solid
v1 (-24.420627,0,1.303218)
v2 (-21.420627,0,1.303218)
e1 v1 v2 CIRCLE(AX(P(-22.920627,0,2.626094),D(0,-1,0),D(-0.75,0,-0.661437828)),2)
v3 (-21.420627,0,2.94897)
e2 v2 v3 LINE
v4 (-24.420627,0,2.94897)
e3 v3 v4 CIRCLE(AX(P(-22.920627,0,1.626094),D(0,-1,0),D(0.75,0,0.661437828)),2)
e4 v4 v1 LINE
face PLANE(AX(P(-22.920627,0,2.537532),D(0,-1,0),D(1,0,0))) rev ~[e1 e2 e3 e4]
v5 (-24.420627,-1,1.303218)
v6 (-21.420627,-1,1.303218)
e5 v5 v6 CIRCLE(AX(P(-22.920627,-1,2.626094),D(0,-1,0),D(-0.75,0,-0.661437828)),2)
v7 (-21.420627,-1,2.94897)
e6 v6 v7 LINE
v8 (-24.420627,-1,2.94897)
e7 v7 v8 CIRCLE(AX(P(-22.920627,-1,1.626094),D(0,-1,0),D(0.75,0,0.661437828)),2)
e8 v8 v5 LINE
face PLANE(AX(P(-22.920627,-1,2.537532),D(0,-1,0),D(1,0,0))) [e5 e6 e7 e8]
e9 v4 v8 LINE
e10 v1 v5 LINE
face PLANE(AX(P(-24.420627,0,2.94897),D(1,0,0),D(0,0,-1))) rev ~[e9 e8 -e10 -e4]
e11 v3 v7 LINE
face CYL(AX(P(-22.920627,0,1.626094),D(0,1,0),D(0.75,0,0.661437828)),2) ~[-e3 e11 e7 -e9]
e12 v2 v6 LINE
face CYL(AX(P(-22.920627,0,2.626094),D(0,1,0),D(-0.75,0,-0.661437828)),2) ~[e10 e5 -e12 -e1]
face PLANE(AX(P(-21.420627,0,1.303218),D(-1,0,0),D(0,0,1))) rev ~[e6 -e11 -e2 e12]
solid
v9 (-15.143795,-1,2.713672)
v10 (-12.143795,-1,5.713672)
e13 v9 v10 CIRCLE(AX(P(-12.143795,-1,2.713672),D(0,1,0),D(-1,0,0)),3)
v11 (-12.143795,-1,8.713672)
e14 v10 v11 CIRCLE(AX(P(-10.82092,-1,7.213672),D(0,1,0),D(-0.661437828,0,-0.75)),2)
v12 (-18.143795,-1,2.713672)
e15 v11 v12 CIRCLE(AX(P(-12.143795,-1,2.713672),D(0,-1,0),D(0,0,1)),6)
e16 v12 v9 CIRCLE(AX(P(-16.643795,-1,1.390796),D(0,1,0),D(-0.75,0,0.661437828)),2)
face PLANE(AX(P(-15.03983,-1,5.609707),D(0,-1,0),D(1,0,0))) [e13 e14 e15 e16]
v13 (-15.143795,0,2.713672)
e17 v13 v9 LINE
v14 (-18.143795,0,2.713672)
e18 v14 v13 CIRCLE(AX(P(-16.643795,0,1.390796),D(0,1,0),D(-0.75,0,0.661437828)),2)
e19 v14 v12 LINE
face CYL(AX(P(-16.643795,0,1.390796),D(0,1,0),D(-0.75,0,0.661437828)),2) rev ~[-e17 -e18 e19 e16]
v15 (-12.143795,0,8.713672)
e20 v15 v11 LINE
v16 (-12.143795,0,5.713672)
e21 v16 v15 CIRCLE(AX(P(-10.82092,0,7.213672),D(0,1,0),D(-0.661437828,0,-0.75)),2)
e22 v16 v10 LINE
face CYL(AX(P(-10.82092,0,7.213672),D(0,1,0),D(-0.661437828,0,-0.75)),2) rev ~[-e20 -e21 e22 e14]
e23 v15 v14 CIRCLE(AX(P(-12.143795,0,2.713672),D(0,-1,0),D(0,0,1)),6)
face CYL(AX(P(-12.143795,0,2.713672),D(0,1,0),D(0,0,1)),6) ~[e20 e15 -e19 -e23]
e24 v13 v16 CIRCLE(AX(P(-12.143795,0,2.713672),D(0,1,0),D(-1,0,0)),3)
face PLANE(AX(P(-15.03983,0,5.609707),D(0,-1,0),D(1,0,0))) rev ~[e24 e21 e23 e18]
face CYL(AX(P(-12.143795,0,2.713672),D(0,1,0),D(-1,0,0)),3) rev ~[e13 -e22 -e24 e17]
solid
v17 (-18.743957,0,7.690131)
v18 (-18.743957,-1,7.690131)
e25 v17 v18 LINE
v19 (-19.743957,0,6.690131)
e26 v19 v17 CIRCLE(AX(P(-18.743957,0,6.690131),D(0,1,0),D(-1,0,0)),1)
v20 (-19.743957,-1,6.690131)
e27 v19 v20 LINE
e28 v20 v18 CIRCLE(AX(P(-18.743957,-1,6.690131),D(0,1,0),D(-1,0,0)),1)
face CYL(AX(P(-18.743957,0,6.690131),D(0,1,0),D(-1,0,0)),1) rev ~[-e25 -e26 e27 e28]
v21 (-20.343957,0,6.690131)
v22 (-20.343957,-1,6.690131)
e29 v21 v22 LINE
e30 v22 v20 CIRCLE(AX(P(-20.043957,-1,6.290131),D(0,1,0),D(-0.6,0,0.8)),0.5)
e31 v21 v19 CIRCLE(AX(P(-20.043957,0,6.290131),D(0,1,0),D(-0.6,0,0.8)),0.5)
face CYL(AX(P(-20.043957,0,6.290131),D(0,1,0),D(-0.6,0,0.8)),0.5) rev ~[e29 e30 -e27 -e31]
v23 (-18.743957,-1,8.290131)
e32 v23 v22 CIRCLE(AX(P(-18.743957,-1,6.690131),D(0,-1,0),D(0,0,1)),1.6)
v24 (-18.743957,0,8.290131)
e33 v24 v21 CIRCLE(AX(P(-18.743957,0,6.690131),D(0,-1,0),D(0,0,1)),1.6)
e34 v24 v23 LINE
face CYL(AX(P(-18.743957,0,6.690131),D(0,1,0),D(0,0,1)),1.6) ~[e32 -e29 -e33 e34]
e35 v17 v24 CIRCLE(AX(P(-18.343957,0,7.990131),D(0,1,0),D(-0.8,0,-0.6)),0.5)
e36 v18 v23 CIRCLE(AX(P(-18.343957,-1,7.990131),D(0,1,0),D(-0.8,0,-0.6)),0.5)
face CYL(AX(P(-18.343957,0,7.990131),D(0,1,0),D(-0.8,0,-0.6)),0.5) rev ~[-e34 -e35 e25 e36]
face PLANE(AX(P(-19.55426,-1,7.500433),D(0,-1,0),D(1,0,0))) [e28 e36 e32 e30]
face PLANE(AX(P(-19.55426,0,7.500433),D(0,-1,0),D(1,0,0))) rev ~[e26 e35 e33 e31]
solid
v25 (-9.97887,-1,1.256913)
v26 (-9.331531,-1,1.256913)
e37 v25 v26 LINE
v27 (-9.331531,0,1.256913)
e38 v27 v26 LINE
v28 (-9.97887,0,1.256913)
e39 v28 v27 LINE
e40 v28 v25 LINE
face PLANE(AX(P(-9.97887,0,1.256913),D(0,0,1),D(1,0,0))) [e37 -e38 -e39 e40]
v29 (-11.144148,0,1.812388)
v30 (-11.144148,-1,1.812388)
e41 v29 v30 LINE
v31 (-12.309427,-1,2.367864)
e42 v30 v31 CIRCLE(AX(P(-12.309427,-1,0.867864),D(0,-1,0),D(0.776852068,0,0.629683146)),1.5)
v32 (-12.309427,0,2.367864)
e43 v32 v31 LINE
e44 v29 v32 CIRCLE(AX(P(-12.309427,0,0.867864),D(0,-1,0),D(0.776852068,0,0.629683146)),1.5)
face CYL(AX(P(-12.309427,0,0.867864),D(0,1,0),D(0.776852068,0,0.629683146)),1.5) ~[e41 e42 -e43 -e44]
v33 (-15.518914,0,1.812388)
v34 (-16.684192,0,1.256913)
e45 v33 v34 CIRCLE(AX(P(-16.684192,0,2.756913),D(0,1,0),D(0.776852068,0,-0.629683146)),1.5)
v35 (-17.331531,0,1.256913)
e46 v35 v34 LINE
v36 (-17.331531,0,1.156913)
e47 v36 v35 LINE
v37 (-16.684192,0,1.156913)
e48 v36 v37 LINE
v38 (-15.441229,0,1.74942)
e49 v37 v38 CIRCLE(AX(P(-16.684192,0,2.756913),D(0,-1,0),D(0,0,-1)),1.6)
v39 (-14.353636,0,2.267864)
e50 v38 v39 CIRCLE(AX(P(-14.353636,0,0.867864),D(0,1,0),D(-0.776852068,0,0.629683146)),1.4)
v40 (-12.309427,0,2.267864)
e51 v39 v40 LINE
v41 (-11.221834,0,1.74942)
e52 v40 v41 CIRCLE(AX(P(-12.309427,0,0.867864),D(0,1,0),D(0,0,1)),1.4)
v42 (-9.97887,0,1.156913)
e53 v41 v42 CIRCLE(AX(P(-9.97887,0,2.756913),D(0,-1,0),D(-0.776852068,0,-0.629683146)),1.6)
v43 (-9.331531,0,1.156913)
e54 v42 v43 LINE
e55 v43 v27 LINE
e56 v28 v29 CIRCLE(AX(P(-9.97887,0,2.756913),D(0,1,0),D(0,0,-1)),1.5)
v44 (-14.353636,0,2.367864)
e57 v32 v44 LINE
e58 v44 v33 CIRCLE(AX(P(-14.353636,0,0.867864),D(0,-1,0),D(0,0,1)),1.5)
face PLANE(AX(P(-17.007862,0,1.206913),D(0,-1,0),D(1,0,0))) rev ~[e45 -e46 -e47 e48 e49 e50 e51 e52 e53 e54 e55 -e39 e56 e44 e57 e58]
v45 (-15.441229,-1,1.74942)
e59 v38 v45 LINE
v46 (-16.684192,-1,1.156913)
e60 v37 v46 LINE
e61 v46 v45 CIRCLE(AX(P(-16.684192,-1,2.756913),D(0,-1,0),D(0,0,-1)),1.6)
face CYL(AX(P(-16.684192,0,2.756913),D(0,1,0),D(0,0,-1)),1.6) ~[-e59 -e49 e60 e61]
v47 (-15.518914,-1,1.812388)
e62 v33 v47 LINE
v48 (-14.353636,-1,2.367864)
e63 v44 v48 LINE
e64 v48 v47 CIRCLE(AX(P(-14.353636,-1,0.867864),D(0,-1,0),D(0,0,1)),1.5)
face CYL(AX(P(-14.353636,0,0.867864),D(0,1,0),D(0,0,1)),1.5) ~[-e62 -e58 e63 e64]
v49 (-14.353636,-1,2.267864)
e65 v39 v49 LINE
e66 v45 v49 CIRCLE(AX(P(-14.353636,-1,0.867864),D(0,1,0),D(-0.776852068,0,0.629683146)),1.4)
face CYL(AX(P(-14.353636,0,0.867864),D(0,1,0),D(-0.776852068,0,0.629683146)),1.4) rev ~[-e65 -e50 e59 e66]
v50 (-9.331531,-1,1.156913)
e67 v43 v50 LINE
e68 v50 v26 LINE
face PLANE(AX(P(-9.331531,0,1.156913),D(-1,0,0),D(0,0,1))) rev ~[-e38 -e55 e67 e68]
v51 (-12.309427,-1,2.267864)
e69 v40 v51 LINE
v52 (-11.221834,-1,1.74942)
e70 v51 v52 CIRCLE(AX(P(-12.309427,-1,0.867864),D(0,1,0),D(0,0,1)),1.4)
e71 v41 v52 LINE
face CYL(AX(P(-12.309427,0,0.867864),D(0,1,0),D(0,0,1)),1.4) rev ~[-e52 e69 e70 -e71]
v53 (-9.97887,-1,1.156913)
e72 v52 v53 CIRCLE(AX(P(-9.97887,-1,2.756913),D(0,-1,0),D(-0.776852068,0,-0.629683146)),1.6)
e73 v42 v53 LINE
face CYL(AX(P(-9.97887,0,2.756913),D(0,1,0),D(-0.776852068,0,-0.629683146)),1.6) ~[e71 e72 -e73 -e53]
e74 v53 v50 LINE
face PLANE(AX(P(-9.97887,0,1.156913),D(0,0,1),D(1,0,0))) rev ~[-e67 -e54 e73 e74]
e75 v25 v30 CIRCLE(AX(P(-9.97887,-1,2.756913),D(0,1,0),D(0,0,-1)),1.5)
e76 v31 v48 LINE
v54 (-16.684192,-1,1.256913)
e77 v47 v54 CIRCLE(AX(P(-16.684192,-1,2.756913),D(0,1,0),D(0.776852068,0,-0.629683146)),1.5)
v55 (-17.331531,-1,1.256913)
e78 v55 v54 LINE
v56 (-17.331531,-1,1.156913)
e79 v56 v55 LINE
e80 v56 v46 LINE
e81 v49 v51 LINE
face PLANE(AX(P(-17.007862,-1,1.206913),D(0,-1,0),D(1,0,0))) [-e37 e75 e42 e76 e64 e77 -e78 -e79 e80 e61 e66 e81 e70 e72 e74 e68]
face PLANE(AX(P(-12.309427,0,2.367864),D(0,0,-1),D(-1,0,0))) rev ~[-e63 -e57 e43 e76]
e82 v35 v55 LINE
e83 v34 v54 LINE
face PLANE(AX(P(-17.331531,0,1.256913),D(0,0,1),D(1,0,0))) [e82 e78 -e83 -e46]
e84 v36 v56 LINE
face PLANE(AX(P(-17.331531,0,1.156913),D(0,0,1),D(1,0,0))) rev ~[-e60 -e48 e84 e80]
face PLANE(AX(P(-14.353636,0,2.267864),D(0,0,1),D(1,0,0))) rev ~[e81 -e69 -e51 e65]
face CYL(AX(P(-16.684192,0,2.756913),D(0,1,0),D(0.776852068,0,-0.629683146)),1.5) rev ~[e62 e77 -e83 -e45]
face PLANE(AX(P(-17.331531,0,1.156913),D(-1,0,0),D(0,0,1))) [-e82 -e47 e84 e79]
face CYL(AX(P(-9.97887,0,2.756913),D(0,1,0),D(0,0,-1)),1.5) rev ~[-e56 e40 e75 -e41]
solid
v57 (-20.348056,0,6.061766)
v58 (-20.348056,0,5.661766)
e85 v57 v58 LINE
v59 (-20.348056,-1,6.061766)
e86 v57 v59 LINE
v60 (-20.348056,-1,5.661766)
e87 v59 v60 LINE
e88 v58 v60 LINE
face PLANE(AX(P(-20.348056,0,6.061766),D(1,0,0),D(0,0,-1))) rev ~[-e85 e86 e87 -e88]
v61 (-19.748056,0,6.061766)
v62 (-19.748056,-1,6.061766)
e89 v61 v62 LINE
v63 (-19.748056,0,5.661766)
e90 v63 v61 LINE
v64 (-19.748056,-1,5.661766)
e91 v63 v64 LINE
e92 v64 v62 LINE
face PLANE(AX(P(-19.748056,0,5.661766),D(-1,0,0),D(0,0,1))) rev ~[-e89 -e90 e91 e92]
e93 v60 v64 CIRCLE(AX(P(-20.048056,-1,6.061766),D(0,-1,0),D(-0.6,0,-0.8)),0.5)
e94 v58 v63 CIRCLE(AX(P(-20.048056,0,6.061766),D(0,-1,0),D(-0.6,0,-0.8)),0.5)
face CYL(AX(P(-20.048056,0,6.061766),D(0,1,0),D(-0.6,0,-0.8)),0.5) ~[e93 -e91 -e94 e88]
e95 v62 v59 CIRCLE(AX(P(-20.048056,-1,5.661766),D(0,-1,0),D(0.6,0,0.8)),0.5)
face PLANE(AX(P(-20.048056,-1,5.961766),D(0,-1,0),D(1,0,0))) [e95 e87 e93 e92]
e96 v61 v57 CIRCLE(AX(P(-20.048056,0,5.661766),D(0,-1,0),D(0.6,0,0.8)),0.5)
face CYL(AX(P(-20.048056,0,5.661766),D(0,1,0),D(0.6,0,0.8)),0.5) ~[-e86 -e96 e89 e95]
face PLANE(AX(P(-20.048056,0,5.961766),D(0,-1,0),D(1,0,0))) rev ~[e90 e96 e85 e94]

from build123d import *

# Parameters (mm, degrees)
F0_W     = 3
F0_H     = 0.8228756555
F1_DEPTH = 1
F0_W_2   = 0.6
F0_H_2   = 0.2
F2_W     = 0.6473389859
F2_H     = 0.1
F2_W_2   = 1.0221048092
F3_DEPTH = 1


with BuildPart() as f1:
    # F0 (on Front) → F1 (new body)
    with BuildSketch(Plane.XZ):
        with Locations((-22.920627147, 2.5375319613)):
            Rectangle(F0_W, F0_H)
        with Locations((-22.920627147, 1.7146563058)):
            Rectangle(F0_W, F0_H)
        with BuildLine():
            Line((-21.420627147, 1.303218478), (-24.420627147, 1.303218478))
            ThreePointArc((-24.420627147, 1.303218478), (-22.920627147, 0.6260941336), (-21.420627147, 1.303218478))
        make_face()
        with BuildLine():
            ThreePointArc((-21.420627147, 2.9489697891), (-22.920627147, 3.6260941336), (-24.420627147, 2.9489697891))
            Line((-24.420627147, 2.9489697891), (-21.420627147, 2.9489697891))
        make_face()
    extrude(amount=F1_DEPTH)


with BuildPart() as f1b:
    # F0 (on Front) → F1, piece 2 (new body)
    with BuildSketch(Plane.XZ):
        with Locations((-20.0480559736, 5.9617664746)):
            Rectangle(F0_W_2, F0_H_2)
        with Locations((-20.0480559736, 5.7617664746)):
            Rectangle(F0_W_2, F0_H_2)
        with BuildLine():
            Line((-19.7480559736, 5.6617664746), (-20.3480559736, 5.6617664746))
            ThreePointArc((-20.3480559736, 5.6617664746), (-20.0480559736, 5.5617664746), (-19.7480559736, 5.6617664746))
        make_face()
        with BuildLine():
            ThreePointArc((-19.7480559736, 6.0617664746), (-20.0480559736, 6.1617664746), (-20.3480559736, 6.0617664746))
            Line((-20.3480559736, 6.0617664746), (-19.7480559736, 6.0617664746))
        make_face()
    extrude(amount=F1_DEPTH)


with BuildPart() as f1c:
    # F0 (on Front) → F1, piece 3 (new body)
    with BuildSketch(Plane.XZ):
        with BuildLine():
            ThreePointArc((-12.1437952999, 5.7136720182), (-12.8209196444, 7.2136720182), (-12.1437952999, 8.7136720182))
            ThreePointArc((-12.1437952999, 8.7136720182), (-16.3864359871, 6.9563127053), (-18.1437952999, 2.7136720182))
            ThreePointArc((-18.1437952999, 2.7136720182), (-16.6437952999, 3.3907963627), (-15.1437952999, 2.7136720182))
            ThreePointArc((-15.1437952999, 2.7136720182), (-14.2651156435, 4.8349923618), (-12.1437952999, 5.7136720182))
        make_face()
    extrude(amount=F1_DEPTH)


with BuildPart() as f1d:
    # F0 (on Front) → F1, piece 4 (new body)
    with BuildSketch(Plane.XZ):
        with BuildLine():
            ThreePointArc((-18.7439574825, 7.6901305423), (-18.8439574825, 7.9901305423), (-18.7439574825, 8.2901305423))
            ThreePointArc((-18.7439574825, 8.2901305423), (-19.8753283324, 7.8215013922), (-20.3439574825, 6.6901305423))
            ThreePointArc((-20.3439574825, 6.6901305423), (-20.0439574825, 6.7901305423), (-19.7439574825, 6.6901305423))
            ThreePointArc((-19.7439574825, 6.6901305423), (-19.4510642637, 7.3972373235), (-18.7439574825, 7.6901305423))
        make_face()
    extrude(amount=F1_DEPTH)


with BuildPart() as f3:
    # F2 (on Front) → F3 (new body)
    with BuildSketch(Plane.XZ):
        with Locations((-17.0078618377, 1.2069130704)):
            Rectangle(F2_W, F2_H)
        with BuildLine():
            ThreePointArc((-15.5189142423, 1.8123883518), (-16.0387417571, 1.4028844374), (-16.6841923447, 1.2569130704))
            Line((-16.6841923447, 1.2569130704), (-16.6841923447, 1.1569130704))
            ThreePointArc((-16.6841923447, 1.1569130704), (-15.9957117179, 1.3126158619), (-15.4412290355, 1.7494200372))
            ThreePointArc((-15.4412290355, 1.7494200372), (-14.9560566883, 2.1316236907), (-14.3536361399, 2.2678636332))
            Line((-14.3536361399, 2.2678636332), (-14.3536361399, 2.3678636332))
            ThreePointArc((-14.3536361399, 2.3678636332), (-14.9990867275, 2.2218922662), (-15.5189142423, 1.8123883518))
        make_face()
        with Locations((-13.8425837353, 2.3178636332)):
            Rectangle(F2_W_2, F2_H)
        with Locations((-12.8204789261, 2.3178636332)):
            Rectangle(F2_W_2, F2_H)
        with BuildLine():
            ThreePointArc((-11.144148419, 1.8123883518), (-11.6639759338, 2.2218922662), (-12.3094265214, 2.3678636332))
            Line((-12.3094265214, 2.3678636332), (-12.3094265214, 2.2678636332))
            ThreePointArc((-12.3094265214, 2.2678636332), (-11.707005973, 2.1316236907), (-11.2218336259, 1.7494200372))
            ThreePointArc((-11.2218336259, 1.7494200372), (-10.6673509434, 1.3126158619), (-9.9788703166, 1.1569130704))
            Line((-9.9788703166, 1.1569130704), (-9.9788703166, 1.2569130704))
            ThreePointArc((-9.9788703166, 1.2569130704), (-10.6243209042, 1.4028844374), (-11.144148419, 1.8123883518))
        make_face()
        with Locations((-9.6552008236, 1.2069130704)):
            Rectangle(F2_W, F2_H)
    extrude(amount=F3_DEPTH)


solid = Compound([f1.part, f1b.part, f1c.part, f1d.part, f3.part])
